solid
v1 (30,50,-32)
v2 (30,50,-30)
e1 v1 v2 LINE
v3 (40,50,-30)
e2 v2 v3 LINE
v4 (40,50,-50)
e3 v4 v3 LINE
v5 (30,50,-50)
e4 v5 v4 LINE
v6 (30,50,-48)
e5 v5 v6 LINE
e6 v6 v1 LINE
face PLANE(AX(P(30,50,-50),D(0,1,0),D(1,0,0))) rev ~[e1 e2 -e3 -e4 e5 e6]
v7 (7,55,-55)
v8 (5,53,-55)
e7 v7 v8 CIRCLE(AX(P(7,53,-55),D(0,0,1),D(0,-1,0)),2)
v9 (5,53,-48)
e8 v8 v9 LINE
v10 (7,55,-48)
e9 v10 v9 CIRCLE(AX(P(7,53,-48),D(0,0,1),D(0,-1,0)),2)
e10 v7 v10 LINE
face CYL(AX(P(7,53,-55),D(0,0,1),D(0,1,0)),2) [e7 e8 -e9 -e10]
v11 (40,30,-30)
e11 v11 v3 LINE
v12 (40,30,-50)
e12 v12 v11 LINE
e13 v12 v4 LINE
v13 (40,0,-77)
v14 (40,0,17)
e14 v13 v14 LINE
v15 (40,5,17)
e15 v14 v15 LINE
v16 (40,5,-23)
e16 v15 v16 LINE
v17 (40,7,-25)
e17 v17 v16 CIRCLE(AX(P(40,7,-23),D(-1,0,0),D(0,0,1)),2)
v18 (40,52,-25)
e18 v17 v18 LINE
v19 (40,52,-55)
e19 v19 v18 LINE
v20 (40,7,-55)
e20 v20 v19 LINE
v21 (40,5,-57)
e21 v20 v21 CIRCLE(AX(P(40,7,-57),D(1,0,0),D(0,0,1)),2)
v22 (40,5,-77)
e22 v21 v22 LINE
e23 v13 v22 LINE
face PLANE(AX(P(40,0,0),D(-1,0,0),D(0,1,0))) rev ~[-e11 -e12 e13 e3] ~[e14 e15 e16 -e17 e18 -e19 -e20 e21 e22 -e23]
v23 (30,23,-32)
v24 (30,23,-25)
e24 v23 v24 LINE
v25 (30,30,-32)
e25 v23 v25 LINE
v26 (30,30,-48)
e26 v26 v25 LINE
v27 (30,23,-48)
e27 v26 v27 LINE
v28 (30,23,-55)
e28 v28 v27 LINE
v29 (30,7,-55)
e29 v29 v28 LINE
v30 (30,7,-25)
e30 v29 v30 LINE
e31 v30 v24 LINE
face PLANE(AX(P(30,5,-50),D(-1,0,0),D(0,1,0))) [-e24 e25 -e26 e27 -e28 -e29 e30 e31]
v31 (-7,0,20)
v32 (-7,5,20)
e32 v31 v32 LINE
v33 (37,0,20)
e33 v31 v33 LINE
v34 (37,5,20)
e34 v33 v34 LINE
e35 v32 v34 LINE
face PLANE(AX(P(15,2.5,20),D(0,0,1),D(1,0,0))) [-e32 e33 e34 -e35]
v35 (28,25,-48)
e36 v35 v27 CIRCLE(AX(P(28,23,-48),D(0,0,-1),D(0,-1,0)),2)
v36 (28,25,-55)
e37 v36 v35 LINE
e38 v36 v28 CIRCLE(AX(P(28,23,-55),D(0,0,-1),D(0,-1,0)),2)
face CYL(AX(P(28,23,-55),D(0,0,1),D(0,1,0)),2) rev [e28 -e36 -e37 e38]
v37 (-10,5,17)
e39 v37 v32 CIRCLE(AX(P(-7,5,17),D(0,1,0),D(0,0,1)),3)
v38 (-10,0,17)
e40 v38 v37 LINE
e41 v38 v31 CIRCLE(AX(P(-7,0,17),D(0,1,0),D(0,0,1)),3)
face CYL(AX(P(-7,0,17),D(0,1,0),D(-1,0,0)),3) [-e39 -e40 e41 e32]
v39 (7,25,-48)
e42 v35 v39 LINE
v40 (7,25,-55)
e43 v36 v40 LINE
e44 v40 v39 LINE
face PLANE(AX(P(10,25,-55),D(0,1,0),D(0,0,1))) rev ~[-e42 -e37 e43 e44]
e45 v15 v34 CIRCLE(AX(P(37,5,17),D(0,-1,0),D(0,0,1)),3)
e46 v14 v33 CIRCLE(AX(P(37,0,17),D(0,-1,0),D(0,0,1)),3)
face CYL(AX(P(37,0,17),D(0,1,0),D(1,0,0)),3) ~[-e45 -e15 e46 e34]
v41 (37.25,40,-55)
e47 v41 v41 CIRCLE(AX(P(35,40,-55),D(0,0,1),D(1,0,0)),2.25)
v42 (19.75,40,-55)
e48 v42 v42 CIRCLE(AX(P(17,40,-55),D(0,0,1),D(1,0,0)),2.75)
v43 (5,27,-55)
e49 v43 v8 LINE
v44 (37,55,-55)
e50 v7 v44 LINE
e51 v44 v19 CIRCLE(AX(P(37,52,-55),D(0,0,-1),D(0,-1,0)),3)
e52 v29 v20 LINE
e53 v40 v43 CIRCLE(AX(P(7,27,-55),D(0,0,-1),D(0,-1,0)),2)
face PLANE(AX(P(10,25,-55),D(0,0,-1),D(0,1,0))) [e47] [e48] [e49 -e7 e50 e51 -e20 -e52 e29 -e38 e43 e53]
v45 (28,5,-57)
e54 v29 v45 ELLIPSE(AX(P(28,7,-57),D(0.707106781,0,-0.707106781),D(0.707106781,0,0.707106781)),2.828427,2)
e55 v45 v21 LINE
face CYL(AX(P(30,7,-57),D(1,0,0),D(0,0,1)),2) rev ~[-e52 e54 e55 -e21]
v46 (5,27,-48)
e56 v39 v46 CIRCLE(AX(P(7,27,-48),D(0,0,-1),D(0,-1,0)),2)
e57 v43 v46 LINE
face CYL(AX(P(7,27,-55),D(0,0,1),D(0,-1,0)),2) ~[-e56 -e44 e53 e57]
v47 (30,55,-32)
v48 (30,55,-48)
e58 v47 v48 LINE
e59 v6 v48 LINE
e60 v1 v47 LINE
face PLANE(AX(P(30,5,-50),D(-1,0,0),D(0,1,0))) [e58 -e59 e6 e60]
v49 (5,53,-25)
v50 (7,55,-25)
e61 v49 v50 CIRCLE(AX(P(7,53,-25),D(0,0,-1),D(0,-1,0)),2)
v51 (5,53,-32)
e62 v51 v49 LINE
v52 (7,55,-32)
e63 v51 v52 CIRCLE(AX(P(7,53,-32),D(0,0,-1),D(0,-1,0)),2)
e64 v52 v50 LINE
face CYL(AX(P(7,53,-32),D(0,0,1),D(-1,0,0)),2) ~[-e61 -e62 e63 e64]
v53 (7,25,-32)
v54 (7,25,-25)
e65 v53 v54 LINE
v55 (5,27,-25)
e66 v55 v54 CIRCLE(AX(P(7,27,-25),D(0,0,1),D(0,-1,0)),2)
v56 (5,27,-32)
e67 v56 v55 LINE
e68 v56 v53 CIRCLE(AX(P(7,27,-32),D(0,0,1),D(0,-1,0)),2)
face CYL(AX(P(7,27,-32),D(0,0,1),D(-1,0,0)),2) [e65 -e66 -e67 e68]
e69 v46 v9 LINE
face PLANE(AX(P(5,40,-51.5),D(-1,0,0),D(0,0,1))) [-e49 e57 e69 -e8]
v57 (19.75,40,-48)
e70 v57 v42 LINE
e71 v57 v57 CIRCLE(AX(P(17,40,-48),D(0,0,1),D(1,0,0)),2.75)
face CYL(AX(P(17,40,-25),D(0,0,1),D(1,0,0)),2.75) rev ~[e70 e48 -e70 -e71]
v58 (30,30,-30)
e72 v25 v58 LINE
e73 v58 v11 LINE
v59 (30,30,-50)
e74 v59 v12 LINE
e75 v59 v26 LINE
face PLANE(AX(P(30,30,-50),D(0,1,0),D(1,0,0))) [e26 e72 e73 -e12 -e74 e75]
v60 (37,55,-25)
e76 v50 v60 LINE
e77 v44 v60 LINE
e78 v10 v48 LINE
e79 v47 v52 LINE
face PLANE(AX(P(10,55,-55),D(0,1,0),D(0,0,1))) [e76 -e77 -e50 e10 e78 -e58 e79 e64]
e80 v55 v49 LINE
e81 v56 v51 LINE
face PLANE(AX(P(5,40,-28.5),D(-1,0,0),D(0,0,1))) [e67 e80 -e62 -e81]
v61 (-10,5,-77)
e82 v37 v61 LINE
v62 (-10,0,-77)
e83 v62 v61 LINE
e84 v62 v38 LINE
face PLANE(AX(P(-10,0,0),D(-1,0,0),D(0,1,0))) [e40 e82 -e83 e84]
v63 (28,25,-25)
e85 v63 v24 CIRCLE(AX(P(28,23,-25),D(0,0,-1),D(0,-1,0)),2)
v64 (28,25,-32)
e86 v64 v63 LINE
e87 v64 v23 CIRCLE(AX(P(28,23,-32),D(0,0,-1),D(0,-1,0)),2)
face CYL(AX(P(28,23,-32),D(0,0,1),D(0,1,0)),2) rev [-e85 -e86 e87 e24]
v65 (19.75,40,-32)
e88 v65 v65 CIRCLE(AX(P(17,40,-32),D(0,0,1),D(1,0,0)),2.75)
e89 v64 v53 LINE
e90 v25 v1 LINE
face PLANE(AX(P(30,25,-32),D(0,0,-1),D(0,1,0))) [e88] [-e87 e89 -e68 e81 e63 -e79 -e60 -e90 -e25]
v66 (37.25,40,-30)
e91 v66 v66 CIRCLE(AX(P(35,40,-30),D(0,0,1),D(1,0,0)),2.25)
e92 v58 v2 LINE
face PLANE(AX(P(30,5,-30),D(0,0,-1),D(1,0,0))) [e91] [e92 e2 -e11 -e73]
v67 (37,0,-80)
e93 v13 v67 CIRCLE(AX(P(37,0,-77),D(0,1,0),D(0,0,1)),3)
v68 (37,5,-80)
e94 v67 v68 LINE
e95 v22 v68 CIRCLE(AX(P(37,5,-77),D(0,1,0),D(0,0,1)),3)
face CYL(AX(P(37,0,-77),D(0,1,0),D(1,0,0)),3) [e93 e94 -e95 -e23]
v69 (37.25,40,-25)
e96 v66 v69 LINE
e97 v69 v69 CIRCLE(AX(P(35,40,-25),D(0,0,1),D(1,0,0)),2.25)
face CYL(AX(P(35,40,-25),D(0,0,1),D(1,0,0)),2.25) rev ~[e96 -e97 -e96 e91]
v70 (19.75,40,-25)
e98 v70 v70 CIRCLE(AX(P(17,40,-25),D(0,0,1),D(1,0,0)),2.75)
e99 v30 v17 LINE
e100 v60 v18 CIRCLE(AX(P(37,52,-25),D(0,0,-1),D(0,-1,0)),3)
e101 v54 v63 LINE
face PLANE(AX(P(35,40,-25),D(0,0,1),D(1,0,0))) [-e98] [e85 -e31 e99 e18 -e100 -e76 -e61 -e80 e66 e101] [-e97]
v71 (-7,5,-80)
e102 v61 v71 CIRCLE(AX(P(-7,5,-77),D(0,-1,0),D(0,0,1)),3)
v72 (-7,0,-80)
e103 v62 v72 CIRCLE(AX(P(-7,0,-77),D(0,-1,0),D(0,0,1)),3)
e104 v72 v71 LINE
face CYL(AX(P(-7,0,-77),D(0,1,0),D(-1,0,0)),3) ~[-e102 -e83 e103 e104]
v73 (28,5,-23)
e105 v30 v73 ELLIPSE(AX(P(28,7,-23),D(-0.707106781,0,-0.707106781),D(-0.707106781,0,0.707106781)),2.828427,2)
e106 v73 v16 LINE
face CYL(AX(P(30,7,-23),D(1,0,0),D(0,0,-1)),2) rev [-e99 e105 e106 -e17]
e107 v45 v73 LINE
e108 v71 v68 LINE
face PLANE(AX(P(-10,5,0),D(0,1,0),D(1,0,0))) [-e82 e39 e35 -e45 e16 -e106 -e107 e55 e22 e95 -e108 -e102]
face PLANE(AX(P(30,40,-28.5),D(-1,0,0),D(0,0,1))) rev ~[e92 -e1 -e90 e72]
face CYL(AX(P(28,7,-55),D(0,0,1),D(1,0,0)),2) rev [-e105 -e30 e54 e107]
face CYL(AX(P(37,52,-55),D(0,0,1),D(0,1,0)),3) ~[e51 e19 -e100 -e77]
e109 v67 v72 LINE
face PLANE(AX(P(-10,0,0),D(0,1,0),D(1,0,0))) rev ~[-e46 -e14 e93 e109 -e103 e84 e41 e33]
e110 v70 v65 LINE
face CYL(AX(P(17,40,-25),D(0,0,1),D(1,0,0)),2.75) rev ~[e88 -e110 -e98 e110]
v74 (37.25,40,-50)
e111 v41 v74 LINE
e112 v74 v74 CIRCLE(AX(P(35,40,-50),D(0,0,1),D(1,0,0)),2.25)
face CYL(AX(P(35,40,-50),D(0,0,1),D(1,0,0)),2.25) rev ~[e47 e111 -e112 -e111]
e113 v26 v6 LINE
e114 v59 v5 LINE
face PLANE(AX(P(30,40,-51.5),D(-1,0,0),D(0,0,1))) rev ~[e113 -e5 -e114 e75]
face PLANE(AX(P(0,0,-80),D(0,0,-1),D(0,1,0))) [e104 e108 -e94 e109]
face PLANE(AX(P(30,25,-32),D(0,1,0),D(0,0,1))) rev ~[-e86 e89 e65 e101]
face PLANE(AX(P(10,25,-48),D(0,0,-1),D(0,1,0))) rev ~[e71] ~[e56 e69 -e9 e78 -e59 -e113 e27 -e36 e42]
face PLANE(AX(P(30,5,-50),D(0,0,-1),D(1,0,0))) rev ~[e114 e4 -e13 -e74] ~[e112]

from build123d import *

# Parameters (mm, degrees)
SKETCH4_W            = 40
SKETCH4_H            = 80
BOSS_EXTRUDE4_DEPTH  = 5
SKETCH5_W            = 10
SKETCH5_H            = 5
BOSS_EXTRUDE6_DEPTH  = 50
SKETCH7_W            = 10
SKETCH7_H            = 25
SKETCH7_H_2          = 5
BOSS_EXTRUDE7_DEPTH  = 20
SKETCH9_W            = 80
SKETCH9_H            = 5
BOSS_EXTRUDE9_DEPTH  = 10
SKETCH10_W           = 50
SKETCH10_H           = 5
BOSS_EXTRUDE10_DEPTH = 20
SKETCH11_R           = 2.25
CUT_EXTRUDE1_DEPTH   = 25
SKETCH12_R           = 4
SKETCH12_R_2         = 2.25
CUT_EXTRUDE2_DEPTH   = 2
SKETCH15_W           = 7
SKETCH15_H           = 30
BOSS_EXTRUDE11_DEPTH = 20
CUT_EXTRUDE4_REACH   = 89.464
SKETCH16_R           = 2.75
FILLET3_R            = 3
SKETCH19_W           = 7
SKETCH19_H           = 30
BOSS_EXTRUDE12_DEPTH = 5
FILLET4_R            = 2
BOSS_EXTRUDE13_START = 2
SKETCH20_R           = 4
SKETCH20_R_2         = 2.25
BOSS_EXTRUDE13_DEPTH = 2


with BuildPart() as part:
    # Sketch4 → Boss-Extrude4 (new body)
    with BuildSketch(Plane(origin=(0, 0, 0), x_dir=(1, 0, 0), z_dir=(0, 1, 0))):
        with Locations((20, 40)):
            Rectangle(SKETCH4_W, SKETCH4_H)
    extrude(amount=BOSS_EXTRUDE4_DEPTH)

    # Sketch5 → Boss-Extrude6 (add)
    with BuildSketch(Plane(origin=(0, 5, 0), x_dir=(1, 0, 0), z_dir=(0, 1, 0))):
        with Locations((35, 52.5)):
            Rectangle(SKETCH5_W, SKETCH5_H)
        with Locations((35, 27.5)):
            Rectangle(SKETCH5_W, SKETCH5_H)
    extrude(amount=BOSS_EXTRUDE6_DEPTH)

    # Sketch7 → Boss-Extrude7 (add)
    with BuildSketch(Plane.XY.offset(-50)):
        with Locations((35, 17.5)):
            Rectangle(SKETCH7_W, SKETCH7_H)
        with Locations((35, 52.5)):
            Rectangle(SKETCH7_W, SKETCH7_H_2)
    extrude(amount=BOSS_EXTRUDE7_DEPTH)

    # Sketch9 → Boss-Extrude9 (add)
    with BuildSketch(Plane.ZY):
        with Locations((-40, 2.5)):
            Rectangle(SKETCH9_W, SKETCH9_H)
    extrude(amount=BOSS_EXTRUDE9_DEPTH)

    # Sketch10 → Boss-Extrude10 (add)
    with BuildSketch(Plane.XY):
        with Locations((15, 2.5)):
            Rectangle(SKETCH10_W, SKETCH10_H)
    extrude(amount=BOSS_EXTRUDE10_DEPTH)

    # Sketch11 → Cut-Extrude1 (cut, symmetric)
    with BuildSketch(Plane.XY.offset(-50)):
        with Locations((35, 40)):
            Circle(SKETCH11_R)
    extrude(amount=CUT_EXTRUDE1_DEPTH, both=True, mode=Mode.SUBTRACT)

    # Sketch12 → Cut-Extrude2 (cut)
    with BuildSketch(Plane.XY.offset(-25)):
        with Locations((35, 40)):
            Circle(SKETCH12_R)
        with Locations((35, 40)):
            Circle(SKETCH12_R_2, mode=Mode.SUBTRACT)
    extrude(amount=-CUT_EXTRUDE2_DEPTH, mode=Mode.SUBTRACT)

    # Sketch15 → Boss-Extrude11 (add)
    with BuildSketch(Plane.ZY.offset(-30)):
        with Locations((-51.5, 40)):
            Rectangle(SKETCH15_W, SKETCH15_H)
        with Locations((-28.5, 40)):
            Rectangle(SKETCH15_W, SKETCH15_H)
    extrude(amount=BOSS_EXTRUDE11_DEPTH)

    # Cut-Extrude4: up to this face of the body (flat: up to its plane)
    cut_extrude4_end = Plane(part.part.faces().sort_by_distance((26.698149798, 35.387860999, -55))[0])
    # Sketch16 → Cut-Extrude4 (cut, up to the picked face)
    with BuildSketch(Plane.XY.offset(-25), mode=Mode.PRIVATE) as cut_extrude4_sk1:
        with Locations((17, 40)):
            Circle(SKETCH16_R)
    cut_extrude4_tool1 = split(extrude(cut_extrude4_sk1.sketch, amount=-CUT_EXTRUDE4_REACH, mode=Mode.PRIVATE), bisect_by=cut_extrude4_end, keep=Keep.BOTH, mode=Mode.PRIVATE)
    add(cut_extrude4_tool1.solids().sort_by(Axis((17, 40, -25), (0, 0, -1)))[0], mode=Mode.SUBTRACT)

    # Fillet3
    fillet3_edges = [part.edges().sort_by_distance(p)[0] for p in [
        (40, 55, -40),
        (-10, 2.5, -80),
        (40, 2.5, -80),
        (-10, 2.5, 20),
        (40, 2.5, 20),
    ]]
    fillet(fillet3_edges, radius=FILLET3_R)

    # Sketch19 → Boss-Extrude12 (add)
    with BuildSketch(Plane.ZY.offset(-10)):
        with Locations((-51.5, 40)):
            Rectangle(SKETCH19_W, SKETCH19_H)
        with Locations((-28.5, 40)):
            Rectangle(SKETCH19_W, SKETCH19_H)
    extrude(amount=BOSS_EXTRUDE12_DEPTH)

    # Fillet4
    fillet4_edges = [part.edges().sort_by_distance(p)[0] for p in [
        (30, 25, -51.5),
        (30, 25, -28.5),
        (35, 5, -55),
        (30, 5, -40),
        (5, 55, -51.5),
        (5, 25, -51.5),
        (5, 25, -28.5),
        (5, 55, -28.5),
        (35, 5, -25),
    ]]
    fillet(fillet4_edges, radius=FILLET4_R)

    # Sketch20 → Boss-Extrude13 (add)
    with BuildSketch(Plane.XY.offset(-27).offset(BOSS_EXTRUDE13_START)):
        with Locations((35, 40)):
            Circle(SKETCH20_R)
        with Locations((35, 40)):
            Circle(SKETCH20_R_2, mode=Mode.SUBTRACT)
    extrude(amount=-BOSS_EXTRUDE13_DEPTH)


solid = part.part
